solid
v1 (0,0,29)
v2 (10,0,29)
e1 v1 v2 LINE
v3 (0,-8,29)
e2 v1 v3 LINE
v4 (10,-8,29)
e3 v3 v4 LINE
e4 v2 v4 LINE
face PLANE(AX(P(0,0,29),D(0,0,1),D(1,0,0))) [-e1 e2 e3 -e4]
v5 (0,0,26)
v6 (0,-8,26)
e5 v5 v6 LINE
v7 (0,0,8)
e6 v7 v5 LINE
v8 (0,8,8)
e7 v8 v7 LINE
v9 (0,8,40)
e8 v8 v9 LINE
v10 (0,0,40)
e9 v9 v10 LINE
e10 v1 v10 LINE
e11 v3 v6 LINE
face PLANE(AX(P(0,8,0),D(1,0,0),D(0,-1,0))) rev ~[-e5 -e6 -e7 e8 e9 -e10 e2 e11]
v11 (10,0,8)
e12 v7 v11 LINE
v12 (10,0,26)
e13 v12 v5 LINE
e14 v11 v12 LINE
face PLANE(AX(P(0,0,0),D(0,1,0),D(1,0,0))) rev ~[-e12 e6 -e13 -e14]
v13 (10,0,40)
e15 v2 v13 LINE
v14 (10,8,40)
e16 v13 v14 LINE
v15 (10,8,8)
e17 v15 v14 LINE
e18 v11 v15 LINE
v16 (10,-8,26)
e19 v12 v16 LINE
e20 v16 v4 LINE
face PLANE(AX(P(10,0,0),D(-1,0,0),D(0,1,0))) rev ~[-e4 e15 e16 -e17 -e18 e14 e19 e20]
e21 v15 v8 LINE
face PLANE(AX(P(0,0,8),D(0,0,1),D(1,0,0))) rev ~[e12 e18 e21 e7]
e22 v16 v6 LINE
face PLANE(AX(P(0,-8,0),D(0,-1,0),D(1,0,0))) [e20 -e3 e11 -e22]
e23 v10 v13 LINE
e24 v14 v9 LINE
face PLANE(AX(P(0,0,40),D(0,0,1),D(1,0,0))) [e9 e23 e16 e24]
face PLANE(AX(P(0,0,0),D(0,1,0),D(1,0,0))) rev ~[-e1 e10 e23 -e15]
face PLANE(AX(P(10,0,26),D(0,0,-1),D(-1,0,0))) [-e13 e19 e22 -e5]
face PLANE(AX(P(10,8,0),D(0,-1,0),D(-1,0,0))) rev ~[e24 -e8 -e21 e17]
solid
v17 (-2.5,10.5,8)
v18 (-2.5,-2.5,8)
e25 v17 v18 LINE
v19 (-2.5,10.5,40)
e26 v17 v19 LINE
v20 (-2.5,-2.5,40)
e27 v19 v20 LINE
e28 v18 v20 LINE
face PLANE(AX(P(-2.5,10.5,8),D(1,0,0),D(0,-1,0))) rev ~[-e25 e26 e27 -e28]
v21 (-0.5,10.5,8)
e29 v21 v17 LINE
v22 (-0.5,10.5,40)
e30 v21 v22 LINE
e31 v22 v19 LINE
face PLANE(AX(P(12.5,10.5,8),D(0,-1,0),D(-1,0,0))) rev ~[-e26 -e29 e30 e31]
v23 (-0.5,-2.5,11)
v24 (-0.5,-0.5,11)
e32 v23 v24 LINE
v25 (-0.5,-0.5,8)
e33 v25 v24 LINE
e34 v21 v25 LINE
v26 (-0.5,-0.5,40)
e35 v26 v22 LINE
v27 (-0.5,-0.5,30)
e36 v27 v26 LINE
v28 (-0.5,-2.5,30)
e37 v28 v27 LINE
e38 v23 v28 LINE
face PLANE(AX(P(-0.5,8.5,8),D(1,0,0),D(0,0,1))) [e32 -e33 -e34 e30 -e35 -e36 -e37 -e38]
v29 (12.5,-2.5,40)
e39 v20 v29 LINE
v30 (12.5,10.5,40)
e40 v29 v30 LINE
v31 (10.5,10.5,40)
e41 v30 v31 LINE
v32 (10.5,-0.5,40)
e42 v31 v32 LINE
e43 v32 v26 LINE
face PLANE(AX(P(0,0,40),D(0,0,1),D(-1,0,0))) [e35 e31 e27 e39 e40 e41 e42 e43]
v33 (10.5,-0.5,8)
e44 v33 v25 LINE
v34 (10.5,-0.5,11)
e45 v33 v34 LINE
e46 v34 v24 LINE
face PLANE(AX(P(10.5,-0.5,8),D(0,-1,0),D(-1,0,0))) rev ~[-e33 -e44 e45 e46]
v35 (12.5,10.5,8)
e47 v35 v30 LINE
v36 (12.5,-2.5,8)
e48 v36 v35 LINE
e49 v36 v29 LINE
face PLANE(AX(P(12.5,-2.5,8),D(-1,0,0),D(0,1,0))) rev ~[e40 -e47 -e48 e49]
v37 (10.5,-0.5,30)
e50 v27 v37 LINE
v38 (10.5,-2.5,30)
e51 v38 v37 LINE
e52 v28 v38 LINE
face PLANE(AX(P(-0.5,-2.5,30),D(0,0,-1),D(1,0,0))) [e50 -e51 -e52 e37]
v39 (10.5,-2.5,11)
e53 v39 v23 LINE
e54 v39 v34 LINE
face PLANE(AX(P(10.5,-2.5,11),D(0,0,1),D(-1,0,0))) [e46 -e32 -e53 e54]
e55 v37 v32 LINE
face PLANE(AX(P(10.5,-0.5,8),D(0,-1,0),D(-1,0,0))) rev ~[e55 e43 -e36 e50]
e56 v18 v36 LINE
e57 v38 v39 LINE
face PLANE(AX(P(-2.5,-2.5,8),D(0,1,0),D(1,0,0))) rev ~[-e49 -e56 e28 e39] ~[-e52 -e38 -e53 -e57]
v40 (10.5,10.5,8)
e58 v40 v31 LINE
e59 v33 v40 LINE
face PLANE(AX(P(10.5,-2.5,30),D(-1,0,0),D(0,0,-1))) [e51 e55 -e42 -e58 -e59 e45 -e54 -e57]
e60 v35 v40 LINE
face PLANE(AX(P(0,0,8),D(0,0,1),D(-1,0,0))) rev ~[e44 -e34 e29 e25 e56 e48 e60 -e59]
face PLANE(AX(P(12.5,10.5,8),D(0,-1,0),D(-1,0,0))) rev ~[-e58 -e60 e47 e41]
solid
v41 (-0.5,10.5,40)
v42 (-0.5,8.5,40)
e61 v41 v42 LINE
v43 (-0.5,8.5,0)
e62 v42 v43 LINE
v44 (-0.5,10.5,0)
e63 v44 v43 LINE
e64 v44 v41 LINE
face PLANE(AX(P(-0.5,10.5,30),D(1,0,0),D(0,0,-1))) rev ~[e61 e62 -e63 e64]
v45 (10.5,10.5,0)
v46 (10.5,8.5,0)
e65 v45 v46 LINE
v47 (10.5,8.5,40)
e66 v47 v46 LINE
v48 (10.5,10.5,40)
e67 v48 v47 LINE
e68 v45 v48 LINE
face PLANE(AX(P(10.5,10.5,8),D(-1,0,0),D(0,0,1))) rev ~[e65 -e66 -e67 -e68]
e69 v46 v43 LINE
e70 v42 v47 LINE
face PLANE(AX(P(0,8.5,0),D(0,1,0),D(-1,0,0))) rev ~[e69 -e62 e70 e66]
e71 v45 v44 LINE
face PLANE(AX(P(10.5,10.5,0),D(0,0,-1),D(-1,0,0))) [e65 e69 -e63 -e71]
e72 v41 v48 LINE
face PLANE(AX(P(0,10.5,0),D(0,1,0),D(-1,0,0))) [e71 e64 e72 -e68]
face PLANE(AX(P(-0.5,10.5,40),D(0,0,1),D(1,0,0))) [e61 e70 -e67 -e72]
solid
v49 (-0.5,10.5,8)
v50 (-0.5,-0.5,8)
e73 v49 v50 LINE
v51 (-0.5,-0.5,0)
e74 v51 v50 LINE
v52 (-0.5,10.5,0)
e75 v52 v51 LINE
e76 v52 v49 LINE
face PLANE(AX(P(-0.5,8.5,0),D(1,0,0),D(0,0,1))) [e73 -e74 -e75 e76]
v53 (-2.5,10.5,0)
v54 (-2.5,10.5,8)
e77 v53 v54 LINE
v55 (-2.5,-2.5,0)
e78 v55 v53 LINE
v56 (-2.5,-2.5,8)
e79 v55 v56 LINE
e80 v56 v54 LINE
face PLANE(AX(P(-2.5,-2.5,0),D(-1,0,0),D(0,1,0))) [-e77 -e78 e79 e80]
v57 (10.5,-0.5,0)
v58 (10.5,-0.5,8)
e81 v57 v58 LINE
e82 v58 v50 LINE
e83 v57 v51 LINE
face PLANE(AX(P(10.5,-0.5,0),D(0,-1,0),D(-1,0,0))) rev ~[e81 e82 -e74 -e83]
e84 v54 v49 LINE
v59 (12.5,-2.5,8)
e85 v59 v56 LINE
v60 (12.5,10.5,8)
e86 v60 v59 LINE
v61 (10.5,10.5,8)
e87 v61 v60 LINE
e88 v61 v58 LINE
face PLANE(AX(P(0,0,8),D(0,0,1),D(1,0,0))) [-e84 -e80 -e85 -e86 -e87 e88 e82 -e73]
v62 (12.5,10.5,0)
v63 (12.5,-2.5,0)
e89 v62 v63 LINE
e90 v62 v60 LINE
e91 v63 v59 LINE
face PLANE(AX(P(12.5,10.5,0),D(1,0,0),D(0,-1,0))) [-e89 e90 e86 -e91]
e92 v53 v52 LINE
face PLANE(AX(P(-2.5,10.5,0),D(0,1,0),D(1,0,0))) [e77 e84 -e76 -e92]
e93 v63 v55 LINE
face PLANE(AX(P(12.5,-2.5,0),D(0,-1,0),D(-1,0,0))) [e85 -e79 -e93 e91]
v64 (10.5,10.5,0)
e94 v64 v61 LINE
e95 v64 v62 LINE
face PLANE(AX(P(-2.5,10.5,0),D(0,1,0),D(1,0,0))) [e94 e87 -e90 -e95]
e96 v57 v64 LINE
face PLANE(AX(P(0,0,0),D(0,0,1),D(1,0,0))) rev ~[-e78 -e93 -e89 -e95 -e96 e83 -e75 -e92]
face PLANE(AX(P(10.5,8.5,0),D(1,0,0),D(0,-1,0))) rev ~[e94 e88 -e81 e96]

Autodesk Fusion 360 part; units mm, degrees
sketch "Sketch1" plane through (0, 0, 0) normal (0, 0, 1) x (1, 0, 0)
  line L0 (0, 0) -> (10, 0)
  line L1 (10, 0) -> (10, 8)
  line L2 (10, 8) -> (0, 8)
  line L3 (0, 8) -> (0, 0)
  line L4 (-0.5, 8.5) -> (10.5, 8.5)
  line L5 (10.5, 8.5) -> (10.5, -0.5)
  line L6 (10.5, -0.5) -> (-0.5, -0.5)
  line L7 (-0.5, -0.5) -> (-0.5, 8.5)
  line L8 (-2.5, 10.5) -> (12.5, 10.5)
  line L9 (12.5, 10.5) -> (12.5, -2.5)
  line L10 (12.5, -2.5) -> (-2.5, -2.5)
  line L11 (-2.5, -2.5) -> (-2.5, 10.5)
  dimension "d4" = 10
  dimension "d5" = 8
  dimension "d6" = 0.5
  dimension "d7" = 0.5
  dimension "d8" = 0.5
  dimension "d9" = 0.5
  dimension "d11" = 2
  dimension "d12" = 2
  dimension "d13" = 2
  dimension "d14" = 2
extrude "Extrude1" add sketch "Sketch1" along normal blind 8 contours L8 L9 L10 L11 makes body 1
extrude "Extrude2" add sketch "Sketch1" along normal blind 40 separate body contours L0 L1 L2 L3 makes body 2
sketch "Sketch2" plane through (0, 0, 8) normal (0, 0, 1) x (-1, 0, 0)
  line L0 (-10.5, 0.5) -> (0.5, 0.5)
  line L1 (0.5, 0.5) -> (0.5, -8.5)
  line L2 (0.5, -8.5) -> (-10.5, -8.5)
  line L3 (-10.5, -8.5) -> (-10.5, 0.5)
  line L4 (2.5, 2.5) -> (-12.5, 2.5)
  line L5 (-12.5, 2.5) -> (-12.5, -10.5)
  line L6 (-12.5, -10.5) -> (2.5, -10.5)
  line L7 (2.5, -10.5) -> (2.5, 2.5)
extrude "Extrude3" add sketch "Sketch2" along normal up to surface (32 mm away) separate body makes body 3
sketch "Sketch3" plane through (0, -2.5, 0) normal (0, -1, 0) x (1, 0, 0)
  line L0 (-2.5, 8) -> (12.5, 8)
  line L1 (12.5, 8) -> (12.5, 40)
  line L2 (12.5, 40) -> (-2.5, 40)
  line L3 (-2.5, 40) -> (-2.5, 8)
  line L4 (10.5, 8) -> (-0.5, 8)
  line L5 (-0.5, 8) -> (-0.5, 40)
  line L6 (-0.5, 40) -> (10.5, 40)
  line L7 (10.5, 40) -> (10.5, 8)
  line L8 (-0.5, 30) -> (10.5, 30)
  line L9 (10.5, 30) -> (10.5, 11)
  line L10 (10.5, 11) -> (-0.5, 11)
  line L11 (-0.5, 11) -> (-0.5, 30)
  dimension "d21" = 10
  dimension "d22" = 3
extrude "Extrude4" cut sketch "Sketch3" against normal up to surface (2 mm away) contours L5 L7 L8 L9 L10 L11 bodies 3
sketch "Sketch4" plane through (0, 0, 0) normal (0, -1, 0) x (1, 0, 0)
  line L0 (0, 0) -> (10, 0)
  line L1 (10, 0) -> (10, 40)
  line L2 (10, 40) -> (0, 40)
  line L3 (0, 40) -> (0, 0)
  line L4 (-0.5, 11) -> (-0.5, 30)
  line L5 (-0.5, 30) -> (10.5, 30)
  line L6 (10.5, 30) -> (10.5, 11)
  line L7 (10.5, 11) -> (-0.5, 11)
  line L8 (12.5, 40) -> (-2.5, 40)
  line L9 (-2.5, 40) -> (-2.5, 8)
  line L10 (-2.5, 8) -> (12.5, 8)
  line L11 (12.5, 8) -> (12.5, 40)
  line L12 (0, 29) -> (10, 29)
  line L13 (10, 29) -> (10, 26)
  line L14 (10, 26) -> (0, 26)
  line L15 (0, 26) -> (0, 29)
  dimension "d26" = 3
  dimension "d27" = 1
extrude "Extrude5" add sketch "Sketch4" along normal blind 8 contours L1 L3 L12 L13 L14 L15 bodies 2
extrude "Extrude6" cut sketch "Sketch1" along normal up to surface (8 mm away) contours L0 L1 L2 L3 bodies 2
copy_body "Body->Comp1" bodies 2 removing the originals makes body 4 in component "Component"
copy_body "Body->Comp2" bodies 3 removing the originals makes body 5 in component "Component'"
extrude "Extrude1'" cut 1 faces at (3.1667, 8.5, 18.6667) along direction (0, 1, 0) blind 2 on bodies 5 bodies 5 in component "Component'"
extrude "Extrude7" cut 1 faces at (3.1667, 8.5, 2.6667) along direction (0, 1, 0) blind 2 on bodies 1 bodies 1
sketch "Sketch5" plane through (0, 10.5, 0) normal (0, 1, 0) x (-1, 0, 0)
  line L0 (-10.5, 8) -> (-10.5, 40)
  line L1 (-10.5, 40) -> (-12.5, 40)
  line L2 (-12.5, 40) -> (-12.5, 8)
  line L3 (-12.5, 8) -> (-10.5, 8)
  line L4 (-10.5, 0) -> (0.5, 0)
  line L5 (0.5, 0) -> (0.5, 8)
  line L6 (0.5, 8) -> (-10.5, 8)
  line L7 (-10.5, 8) -> (-10.5, 0)
  line L8 (-10.5, 30) -> (0.5, 30)
  line L9 (0.5, 30) -> (0.5, 40)
  line L10 (0.5, 40) -> (-10.5, 40)
  line L11 (-10.5, 40) -> (-10.5, 30)
  line L12 (-10.5, 40) -> (0.5, 40)
  line L13 (0.5, 40) -> (0.5, 0)
  line L14 (0.5, 0) -> (-10.5, 0)
  line L15 (-10.5, 0) -> (-10.5, 40)
extrude "Extrude8" add sketch "Sketch5" against normal blind 2 separate body contours L0 L6 L8 L13 L15 | L4 L5 L6 L7 L13 L14 L15 | L0 L8 L9 L10 L11 L12 L13 L15 makes body 6
component "Component" placed x (1, 0, 0) y (0, 1, 0) z (0, 0, 1) at (0, 0, 0)
component "Component'" placed x (1, 0, 0) y (0, 1, 0) z (0, 0, 1) at (0, 0, 0)
equation "Latch_width = 10 mm"
equation "Latch_height = 8 mm"
equation "Latch_gap = 0.5 mm"
equation "d4 = Latch_width"
equation "d5 = Latch_height"
equation "d6 = Latch_gap"
equation "d7 = Latch_gap"
equation "d8 = Latch_gap"
equation "d9 = Latch_gap"
equation "Latch_shell_thickness = 2 mm"
equation "d11 = Latch_shell_thickness"
equation "d12 = Latch_shell_thickness"
equation "d13 = Latch_shell_thickness"
equation "d14 = Latch_shell_thickness"
